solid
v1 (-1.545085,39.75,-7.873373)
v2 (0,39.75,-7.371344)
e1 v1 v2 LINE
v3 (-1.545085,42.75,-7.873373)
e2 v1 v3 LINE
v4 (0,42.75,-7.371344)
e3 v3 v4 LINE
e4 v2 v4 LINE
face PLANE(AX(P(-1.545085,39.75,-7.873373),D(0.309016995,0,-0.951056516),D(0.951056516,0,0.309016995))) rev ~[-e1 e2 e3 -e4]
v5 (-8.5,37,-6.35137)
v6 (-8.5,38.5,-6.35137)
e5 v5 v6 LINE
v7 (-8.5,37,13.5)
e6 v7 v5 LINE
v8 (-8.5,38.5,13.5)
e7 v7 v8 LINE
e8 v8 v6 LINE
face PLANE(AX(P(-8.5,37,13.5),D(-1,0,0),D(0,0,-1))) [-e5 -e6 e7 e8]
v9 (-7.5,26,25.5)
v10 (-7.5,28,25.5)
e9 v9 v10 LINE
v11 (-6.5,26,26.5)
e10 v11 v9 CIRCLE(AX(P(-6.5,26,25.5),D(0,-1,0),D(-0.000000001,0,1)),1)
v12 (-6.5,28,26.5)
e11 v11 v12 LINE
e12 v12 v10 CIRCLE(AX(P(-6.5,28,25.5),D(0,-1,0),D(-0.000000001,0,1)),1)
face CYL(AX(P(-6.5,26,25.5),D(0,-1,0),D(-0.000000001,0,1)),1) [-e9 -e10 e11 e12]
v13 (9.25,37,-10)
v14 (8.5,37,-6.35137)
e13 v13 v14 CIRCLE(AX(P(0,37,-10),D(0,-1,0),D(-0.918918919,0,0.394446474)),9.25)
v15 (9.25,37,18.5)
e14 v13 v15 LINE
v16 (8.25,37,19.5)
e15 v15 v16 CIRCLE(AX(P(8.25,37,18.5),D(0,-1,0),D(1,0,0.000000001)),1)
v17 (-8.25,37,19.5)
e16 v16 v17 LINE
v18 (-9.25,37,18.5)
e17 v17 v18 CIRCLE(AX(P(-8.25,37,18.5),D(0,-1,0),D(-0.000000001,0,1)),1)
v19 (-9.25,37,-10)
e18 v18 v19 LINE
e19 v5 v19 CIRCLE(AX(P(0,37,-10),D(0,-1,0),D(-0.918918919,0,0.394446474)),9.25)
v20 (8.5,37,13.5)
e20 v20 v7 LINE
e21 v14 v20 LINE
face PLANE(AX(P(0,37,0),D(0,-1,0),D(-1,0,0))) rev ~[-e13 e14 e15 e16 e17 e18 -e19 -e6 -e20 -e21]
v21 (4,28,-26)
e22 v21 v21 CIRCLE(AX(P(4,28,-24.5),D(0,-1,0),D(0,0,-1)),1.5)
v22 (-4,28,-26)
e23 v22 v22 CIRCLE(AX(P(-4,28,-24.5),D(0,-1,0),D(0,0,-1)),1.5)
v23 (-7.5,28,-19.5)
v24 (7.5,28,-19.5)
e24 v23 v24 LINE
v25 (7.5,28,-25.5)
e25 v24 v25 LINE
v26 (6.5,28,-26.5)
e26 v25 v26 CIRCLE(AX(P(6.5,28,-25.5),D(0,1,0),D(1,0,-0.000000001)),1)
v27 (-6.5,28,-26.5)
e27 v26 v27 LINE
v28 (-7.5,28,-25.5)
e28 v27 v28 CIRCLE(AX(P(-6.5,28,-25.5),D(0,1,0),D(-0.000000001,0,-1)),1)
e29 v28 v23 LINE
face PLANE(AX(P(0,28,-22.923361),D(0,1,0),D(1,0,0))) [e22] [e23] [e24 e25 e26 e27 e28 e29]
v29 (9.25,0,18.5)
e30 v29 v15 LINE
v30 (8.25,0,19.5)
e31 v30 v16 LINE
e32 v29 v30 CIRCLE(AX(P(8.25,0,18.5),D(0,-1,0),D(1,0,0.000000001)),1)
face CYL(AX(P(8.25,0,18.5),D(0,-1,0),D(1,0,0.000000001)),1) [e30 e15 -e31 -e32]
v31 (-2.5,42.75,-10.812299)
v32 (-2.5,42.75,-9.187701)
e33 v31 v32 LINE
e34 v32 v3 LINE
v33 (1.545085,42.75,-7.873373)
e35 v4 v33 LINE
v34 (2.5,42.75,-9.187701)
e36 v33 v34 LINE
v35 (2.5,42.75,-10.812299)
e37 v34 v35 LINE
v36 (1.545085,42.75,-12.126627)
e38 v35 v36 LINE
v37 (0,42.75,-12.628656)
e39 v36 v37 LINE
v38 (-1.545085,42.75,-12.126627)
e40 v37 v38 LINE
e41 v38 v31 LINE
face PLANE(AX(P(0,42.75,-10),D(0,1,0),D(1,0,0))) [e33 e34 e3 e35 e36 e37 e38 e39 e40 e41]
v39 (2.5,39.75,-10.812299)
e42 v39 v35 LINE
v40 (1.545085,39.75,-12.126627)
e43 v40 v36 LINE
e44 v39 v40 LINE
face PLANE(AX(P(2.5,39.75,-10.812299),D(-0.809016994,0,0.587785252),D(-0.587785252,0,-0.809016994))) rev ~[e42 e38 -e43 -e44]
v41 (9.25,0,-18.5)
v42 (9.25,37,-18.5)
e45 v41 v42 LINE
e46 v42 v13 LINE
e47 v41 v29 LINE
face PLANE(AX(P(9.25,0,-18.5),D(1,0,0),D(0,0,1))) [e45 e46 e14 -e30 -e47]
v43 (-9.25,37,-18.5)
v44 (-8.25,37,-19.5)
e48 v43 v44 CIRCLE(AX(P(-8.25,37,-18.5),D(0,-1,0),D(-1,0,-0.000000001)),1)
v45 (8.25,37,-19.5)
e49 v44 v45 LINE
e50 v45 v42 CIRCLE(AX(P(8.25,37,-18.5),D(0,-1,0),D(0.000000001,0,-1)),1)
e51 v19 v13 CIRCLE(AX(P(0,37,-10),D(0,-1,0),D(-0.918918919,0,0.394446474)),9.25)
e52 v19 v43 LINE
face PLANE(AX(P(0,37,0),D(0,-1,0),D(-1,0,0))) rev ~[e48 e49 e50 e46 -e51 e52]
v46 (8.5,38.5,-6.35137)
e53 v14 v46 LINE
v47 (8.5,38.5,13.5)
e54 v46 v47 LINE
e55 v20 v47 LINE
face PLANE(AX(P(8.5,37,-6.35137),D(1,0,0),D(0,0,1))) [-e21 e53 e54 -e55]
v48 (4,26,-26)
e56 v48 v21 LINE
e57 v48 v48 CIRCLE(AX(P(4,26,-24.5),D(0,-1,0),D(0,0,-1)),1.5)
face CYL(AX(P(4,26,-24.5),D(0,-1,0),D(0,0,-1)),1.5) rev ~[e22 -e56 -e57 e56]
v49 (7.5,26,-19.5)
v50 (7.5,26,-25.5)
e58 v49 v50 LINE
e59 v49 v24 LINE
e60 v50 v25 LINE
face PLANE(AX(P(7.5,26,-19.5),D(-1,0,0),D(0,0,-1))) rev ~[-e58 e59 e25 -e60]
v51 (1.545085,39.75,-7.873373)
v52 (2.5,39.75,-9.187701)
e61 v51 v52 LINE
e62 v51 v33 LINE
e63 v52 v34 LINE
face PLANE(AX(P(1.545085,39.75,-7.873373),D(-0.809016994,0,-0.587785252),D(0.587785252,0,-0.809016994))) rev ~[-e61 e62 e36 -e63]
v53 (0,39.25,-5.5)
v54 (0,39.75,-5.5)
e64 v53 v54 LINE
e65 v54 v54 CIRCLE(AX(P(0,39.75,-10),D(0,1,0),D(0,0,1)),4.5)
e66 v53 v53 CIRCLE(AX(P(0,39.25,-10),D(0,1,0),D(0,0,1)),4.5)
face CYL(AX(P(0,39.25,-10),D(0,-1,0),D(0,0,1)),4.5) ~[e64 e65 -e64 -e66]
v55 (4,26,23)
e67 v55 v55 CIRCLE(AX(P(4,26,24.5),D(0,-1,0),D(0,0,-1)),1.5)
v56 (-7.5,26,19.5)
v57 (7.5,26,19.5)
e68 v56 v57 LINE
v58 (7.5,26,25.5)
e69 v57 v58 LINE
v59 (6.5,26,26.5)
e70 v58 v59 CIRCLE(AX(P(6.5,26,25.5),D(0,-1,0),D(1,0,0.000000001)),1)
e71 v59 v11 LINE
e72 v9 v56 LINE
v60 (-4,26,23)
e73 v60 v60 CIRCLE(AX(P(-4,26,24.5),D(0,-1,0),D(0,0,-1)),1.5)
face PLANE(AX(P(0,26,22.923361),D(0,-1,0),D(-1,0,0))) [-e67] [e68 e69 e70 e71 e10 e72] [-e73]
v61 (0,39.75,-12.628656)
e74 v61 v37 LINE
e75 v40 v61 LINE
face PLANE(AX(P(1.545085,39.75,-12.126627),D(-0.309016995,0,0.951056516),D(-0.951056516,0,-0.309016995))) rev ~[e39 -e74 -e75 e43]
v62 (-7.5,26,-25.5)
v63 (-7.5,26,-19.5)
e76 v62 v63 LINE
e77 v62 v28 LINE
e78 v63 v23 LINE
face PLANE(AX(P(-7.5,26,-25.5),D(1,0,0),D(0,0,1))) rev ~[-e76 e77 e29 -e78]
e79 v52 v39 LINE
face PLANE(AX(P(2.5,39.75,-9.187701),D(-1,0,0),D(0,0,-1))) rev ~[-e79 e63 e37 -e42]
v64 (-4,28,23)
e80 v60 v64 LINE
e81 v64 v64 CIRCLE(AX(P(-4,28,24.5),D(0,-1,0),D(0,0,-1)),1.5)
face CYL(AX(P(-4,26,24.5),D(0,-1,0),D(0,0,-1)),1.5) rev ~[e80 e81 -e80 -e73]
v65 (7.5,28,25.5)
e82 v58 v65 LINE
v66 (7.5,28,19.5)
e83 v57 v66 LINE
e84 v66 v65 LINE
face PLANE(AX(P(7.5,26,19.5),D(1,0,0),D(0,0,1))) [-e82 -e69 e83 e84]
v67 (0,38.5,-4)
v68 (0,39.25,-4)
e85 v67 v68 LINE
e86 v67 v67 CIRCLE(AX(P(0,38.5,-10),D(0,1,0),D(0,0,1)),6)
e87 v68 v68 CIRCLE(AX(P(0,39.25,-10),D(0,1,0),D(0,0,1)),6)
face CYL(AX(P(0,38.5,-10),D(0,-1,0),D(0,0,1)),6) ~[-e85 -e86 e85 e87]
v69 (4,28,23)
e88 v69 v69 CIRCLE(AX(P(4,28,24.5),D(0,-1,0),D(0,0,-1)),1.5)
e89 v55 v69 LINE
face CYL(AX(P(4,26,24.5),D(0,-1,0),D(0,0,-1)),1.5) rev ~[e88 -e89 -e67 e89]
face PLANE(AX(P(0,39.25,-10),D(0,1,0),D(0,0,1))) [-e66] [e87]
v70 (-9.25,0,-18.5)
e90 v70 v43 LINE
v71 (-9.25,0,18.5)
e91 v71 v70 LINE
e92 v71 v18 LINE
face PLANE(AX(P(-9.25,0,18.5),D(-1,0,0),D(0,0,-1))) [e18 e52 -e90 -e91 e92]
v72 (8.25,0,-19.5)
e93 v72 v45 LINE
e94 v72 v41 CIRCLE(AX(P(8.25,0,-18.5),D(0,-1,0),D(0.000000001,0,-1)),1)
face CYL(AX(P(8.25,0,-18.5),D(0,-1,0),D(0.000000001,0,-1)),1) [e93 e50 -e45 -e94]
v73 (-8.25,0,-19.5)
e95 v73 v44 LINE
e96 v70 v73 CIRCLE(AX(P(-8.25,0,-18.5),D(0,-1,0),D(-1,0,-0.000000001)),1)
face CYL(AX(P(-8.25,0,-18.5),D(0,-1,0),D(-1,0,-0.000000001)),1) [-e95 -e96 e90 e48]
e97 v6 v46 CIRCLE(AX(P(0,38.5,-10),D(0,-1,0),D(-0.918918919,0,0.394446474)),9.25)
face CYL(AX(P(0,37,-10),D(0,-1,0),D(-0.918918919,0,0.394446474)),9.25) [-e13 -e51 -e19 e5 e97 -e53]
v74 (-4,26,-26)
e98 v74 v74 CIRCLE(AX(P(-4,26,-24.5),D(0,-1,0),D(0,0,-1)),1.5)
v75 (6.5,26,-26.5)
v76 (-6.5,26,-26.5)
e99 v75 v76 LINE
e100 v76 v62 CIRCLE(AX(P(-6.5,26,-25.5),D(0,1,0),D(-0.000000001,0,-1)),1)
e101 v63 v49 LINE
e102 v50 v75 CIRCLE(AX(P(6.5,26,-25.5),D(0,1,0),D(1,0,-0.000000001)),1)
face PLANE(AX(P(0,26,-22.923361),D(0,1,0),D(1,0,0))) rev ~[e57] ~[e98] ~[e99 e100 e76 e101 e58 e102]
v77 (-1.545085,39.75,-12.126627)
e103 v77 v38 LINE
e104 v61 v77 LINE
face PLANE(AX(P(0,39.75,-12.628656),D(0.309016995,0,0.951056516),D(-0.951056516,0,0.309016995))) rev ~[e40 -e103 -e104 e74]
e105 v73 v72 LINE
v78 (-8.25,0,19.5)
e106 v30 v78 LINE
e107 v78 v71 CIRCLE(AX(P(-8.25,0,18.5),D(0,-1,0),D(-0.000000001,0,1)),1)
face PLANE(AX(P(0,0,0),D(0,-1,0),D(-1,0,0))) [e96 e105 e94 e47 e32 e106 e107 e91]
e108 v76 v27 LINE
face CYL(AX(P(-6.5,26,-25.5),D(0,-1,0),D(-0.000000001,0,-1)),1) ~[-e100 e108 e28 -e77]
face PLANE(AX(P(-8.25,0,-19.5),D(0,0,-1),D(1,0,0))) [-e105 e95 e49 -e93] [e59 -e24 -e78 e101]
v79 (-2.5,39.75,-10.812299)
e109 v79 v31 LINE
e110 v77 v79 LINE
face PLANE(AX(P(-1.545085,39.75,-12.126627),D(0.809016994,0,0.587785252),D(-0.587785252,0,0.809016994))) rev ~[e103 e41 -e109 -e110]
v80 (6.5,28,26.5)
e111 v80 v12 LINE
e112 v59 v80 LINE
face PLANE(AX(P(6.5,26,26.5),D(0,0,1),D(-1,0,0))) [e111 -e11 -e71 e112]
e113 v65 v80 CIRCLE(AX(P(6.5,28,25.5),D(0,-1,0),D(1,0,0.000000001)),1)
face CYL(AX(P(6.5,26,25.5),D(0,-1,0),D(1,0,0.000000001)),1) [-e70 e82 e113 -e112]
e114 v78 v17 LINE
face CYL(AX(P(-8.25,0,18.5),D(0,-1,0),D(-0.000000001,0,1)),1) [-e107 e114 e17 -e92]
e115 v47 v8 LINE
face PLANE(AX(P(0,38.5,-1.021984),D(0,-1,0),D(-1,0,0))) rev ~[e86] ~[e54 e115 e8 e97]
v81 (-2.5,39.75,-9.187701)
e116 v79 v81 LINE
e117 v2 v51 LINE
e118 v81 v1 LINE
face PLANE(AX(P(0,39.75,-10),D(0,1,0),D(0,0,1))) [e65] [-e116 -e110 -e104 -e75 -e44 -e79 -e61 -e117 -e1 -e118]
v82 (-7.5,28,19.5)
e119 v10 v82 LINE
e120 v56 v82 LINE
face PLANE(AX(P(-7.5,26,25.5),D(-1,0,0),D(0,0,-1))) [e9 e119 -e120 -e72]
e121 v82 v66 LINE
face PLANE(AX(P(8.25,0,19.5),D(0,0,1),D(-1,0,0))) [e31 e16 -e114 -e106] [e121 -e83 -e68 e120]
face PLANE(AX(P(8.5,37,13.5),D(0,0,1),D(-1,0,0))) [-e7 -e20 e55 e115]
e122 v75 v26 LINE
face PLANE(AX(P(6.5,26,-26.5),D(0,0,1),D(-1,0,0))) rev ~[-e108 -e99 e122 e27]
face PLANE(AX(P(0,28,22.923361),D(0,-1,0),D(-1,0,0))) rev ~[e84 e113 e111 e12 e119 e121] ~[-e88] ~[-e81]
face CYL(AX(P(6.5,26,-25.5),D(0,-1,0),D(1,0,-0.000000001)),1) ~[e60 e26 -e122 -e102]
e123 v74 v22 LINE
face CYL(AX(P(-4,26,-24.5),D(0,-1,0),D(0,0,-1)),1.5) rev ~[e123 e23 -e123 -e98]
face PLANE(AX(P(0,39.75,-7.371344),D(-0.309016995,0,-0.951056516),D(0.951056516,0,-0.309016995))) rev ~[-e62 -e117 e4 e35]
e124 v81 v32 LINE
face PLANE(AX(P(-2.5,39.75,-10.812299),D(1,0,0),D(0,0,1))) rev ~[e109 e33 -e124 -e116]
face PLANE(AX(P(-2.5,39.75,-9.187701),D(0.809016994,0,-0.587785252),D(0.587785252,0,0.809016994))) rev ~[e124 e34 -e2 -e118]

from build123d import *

# Parameters (mm, degrees)
BOSS_EXTRUDE1_DEPTH = 37
BOSS_EXTRUDE2_DEPTH = 1.5
SKETCH4_R           = 6
BOSS_EXTRUDE3_DEPTH = 0.75
SKETCH5_R           = 4.5
BOSS_EXTRUDE4_DEPTH = 0.5
BOSS_EXTRUDE5_DEPTH = 3
SKETCH8_R           = 1.5
BOSS_EXTRUDE6_DEPTH = 2


with BuildPart() as part:
    # Sketch1 → Boss-Extrude1 (new body)
    with BuildSketch(Plane(origin=(0, 0, 0), x_dir=(1, 0, 0), z_dir=(0, 1, 0))):
        with BuildLine():
            Line((-8.25, 19.5), (8.25, 19.5))
            ThreePointArc((8.25, 19.5), (8.957106781, 19.207106781), (9.25, 18.5))
            Line((9.25, 18.5), (9.25, -18.5))
            ThreePointArc((9.25, -18.5), (8.957106781, -19.207106781), (8.25, -19.5))
            Line((8.25, -19.5), (-8.25, -19.5))
            ThreePointArc((-8.25, -19.5), (-8.957106781, -19.207106781), (-9.25, -18.5))
            Line((-9.25, -18.5), (-9.25, 18.5))
            ThreePointArc((-9.25, 18.5), (-8.957106781, 19.207106781), (-8.25, 19.5))
        make_face()
    extrude(amount=BOSS_EXTRUDE1_DEPTH)

    # Sketch3 → Boss-Extrude2 (add)
    with BuildSketch(Plane(origin=(0, 37, 0), x_dir=(1, 0, 0), z_dir=(0, 1, 0))):
        with BuildLine():
            Line((8.5, -13.5), (-8.5, -13.5))
            Line((-8.5, -13.5), (-8.5, 6.35137012))
            ThreePointArc((-8.5, 6.35137012), (0, 19.25), (8.5, 6.35137012))
            Line((8.5, 6.35137012), (8.5, -13.5))
        make_face()
    extrude(amount=BOSS_EXTRUDE2_DEPTH)

    # Sketch4 → Boss-Extrude3 (add)
    with BuildSketch(Plane(origin=(0, 38.5, 0), x_dir=(1, 0, 0), z_dir=(0, 1, 0))):
        with Locations(Location((0, 10, 0), (0, 0, 270))):
            Circle(SKETCH4_R)
    extrude(amount=BOSS_EXTRUDE3_DEPTH)

    # Sketch5 → Boss-Extrude4 (add)
    with BuildSketch(Plane(origin=(0, 39.25, 0), x_dir=(1, 0, 0), z_dir=(0, 1, 0))):
        with Locations(Location((0, 10, 0), (0, 0, 270))):
            Circle(SKETCH5_R)
    extrude(amount=BOSS_EXTRUDE4_DEPTH)

    # Sketch6 → Boss-Extrude5 (add)
    with BuildSketch(Plane(origin=(0, 39.75, 0), x_dir=(1, 0, 0), z_dir=(0, 1, 0))):
        Polygon((-2.5, 9.187700759), (-1.545084972, 7.873372979), (0, 7.371344439), (1.545084972, 7.873372979), (2.5, 9.187700759), (2.5, 10.812299241), (1.545084972, 12.126627021), (0, 12.628655561), (-1.545084972, 12.126627021), (-2.5, 10.812299241), align=None)
    extrude(amount=BOSS_EXTRUDE5_DEPTH)

    # Sketch8 → Boss-Extrude6 (add)
    # profile 1 of 2: a face of its own
    with BuildSketch(Plane(origin=(0, 26, 0), x_dir=(-1, 0, 0), z_dir=(0, -1, 0))):
        with BuildLine():
            ThreePointArc((-7.5, 25.5), (-7.207106781, 26.207106781), (-6.5, 26.5))
            Line((-6.5, 26.5), (6.5, 26.5))
            ThreePointArc((6.5, 26.5), (7.207106781, 26.207106781), (7.5, 25.5))
            Line((7.5, 25.5), (7.5, 19.5))
            Line((7.5, 19.5), (-7.5, 19.5))
            Line((-7.5, 19.5), (-7.5, 25.5))
        make_face()
        with Locations(Location((4, 24.5, 0), (0, 0, 90))):
            Circle(SKETCH8_R, mode=Mode.SUBTRACT)
        with Locations(Location((-4, 24.5, 0), (0, 0, 90))):
            Circle(SKETCH8_R, mode=Mode.SUBTRACT)
    # profile 2 of 2: a face of its own
    with BuildSketch(Plane(origin=(0, 26, 0), x_dir=(-1, 0, 0), z_dir=(0, -1, 0))):
        with BuildLine():
            Line((-7.5, -19.5), (-7.5, -25.5))
            ThreePointArc((-7.5, -25.5), (-7.207106781, -26.207106781), (-6.5, -26.5))
            Line((-6.5, -26.5), (6.5, -26.5))
            ThreePointArc((6.5, -26.5), (7.207106781, -26.207106781), (7.5, -25.5))
            Line((7.5, -25.5), (7.5, -19.5))
            Line((7.5, -19.5), (-7.5, -19.5))
        make_face()
        with Locations(Location((-4, -24.5, 0), (0, 0, 90))):
            Circle(SKETCH8_R, mode=Mode.SUBTRACT)
        with Locations(Location((4, -24.5, 0), (0, 0, 90))):
            Circle(SKETCH8_R, mode=Mode.SUBTRACT)
    extrude(amount=-BOSS_EXTRUDE6_DEPTH)


solid = part.part
